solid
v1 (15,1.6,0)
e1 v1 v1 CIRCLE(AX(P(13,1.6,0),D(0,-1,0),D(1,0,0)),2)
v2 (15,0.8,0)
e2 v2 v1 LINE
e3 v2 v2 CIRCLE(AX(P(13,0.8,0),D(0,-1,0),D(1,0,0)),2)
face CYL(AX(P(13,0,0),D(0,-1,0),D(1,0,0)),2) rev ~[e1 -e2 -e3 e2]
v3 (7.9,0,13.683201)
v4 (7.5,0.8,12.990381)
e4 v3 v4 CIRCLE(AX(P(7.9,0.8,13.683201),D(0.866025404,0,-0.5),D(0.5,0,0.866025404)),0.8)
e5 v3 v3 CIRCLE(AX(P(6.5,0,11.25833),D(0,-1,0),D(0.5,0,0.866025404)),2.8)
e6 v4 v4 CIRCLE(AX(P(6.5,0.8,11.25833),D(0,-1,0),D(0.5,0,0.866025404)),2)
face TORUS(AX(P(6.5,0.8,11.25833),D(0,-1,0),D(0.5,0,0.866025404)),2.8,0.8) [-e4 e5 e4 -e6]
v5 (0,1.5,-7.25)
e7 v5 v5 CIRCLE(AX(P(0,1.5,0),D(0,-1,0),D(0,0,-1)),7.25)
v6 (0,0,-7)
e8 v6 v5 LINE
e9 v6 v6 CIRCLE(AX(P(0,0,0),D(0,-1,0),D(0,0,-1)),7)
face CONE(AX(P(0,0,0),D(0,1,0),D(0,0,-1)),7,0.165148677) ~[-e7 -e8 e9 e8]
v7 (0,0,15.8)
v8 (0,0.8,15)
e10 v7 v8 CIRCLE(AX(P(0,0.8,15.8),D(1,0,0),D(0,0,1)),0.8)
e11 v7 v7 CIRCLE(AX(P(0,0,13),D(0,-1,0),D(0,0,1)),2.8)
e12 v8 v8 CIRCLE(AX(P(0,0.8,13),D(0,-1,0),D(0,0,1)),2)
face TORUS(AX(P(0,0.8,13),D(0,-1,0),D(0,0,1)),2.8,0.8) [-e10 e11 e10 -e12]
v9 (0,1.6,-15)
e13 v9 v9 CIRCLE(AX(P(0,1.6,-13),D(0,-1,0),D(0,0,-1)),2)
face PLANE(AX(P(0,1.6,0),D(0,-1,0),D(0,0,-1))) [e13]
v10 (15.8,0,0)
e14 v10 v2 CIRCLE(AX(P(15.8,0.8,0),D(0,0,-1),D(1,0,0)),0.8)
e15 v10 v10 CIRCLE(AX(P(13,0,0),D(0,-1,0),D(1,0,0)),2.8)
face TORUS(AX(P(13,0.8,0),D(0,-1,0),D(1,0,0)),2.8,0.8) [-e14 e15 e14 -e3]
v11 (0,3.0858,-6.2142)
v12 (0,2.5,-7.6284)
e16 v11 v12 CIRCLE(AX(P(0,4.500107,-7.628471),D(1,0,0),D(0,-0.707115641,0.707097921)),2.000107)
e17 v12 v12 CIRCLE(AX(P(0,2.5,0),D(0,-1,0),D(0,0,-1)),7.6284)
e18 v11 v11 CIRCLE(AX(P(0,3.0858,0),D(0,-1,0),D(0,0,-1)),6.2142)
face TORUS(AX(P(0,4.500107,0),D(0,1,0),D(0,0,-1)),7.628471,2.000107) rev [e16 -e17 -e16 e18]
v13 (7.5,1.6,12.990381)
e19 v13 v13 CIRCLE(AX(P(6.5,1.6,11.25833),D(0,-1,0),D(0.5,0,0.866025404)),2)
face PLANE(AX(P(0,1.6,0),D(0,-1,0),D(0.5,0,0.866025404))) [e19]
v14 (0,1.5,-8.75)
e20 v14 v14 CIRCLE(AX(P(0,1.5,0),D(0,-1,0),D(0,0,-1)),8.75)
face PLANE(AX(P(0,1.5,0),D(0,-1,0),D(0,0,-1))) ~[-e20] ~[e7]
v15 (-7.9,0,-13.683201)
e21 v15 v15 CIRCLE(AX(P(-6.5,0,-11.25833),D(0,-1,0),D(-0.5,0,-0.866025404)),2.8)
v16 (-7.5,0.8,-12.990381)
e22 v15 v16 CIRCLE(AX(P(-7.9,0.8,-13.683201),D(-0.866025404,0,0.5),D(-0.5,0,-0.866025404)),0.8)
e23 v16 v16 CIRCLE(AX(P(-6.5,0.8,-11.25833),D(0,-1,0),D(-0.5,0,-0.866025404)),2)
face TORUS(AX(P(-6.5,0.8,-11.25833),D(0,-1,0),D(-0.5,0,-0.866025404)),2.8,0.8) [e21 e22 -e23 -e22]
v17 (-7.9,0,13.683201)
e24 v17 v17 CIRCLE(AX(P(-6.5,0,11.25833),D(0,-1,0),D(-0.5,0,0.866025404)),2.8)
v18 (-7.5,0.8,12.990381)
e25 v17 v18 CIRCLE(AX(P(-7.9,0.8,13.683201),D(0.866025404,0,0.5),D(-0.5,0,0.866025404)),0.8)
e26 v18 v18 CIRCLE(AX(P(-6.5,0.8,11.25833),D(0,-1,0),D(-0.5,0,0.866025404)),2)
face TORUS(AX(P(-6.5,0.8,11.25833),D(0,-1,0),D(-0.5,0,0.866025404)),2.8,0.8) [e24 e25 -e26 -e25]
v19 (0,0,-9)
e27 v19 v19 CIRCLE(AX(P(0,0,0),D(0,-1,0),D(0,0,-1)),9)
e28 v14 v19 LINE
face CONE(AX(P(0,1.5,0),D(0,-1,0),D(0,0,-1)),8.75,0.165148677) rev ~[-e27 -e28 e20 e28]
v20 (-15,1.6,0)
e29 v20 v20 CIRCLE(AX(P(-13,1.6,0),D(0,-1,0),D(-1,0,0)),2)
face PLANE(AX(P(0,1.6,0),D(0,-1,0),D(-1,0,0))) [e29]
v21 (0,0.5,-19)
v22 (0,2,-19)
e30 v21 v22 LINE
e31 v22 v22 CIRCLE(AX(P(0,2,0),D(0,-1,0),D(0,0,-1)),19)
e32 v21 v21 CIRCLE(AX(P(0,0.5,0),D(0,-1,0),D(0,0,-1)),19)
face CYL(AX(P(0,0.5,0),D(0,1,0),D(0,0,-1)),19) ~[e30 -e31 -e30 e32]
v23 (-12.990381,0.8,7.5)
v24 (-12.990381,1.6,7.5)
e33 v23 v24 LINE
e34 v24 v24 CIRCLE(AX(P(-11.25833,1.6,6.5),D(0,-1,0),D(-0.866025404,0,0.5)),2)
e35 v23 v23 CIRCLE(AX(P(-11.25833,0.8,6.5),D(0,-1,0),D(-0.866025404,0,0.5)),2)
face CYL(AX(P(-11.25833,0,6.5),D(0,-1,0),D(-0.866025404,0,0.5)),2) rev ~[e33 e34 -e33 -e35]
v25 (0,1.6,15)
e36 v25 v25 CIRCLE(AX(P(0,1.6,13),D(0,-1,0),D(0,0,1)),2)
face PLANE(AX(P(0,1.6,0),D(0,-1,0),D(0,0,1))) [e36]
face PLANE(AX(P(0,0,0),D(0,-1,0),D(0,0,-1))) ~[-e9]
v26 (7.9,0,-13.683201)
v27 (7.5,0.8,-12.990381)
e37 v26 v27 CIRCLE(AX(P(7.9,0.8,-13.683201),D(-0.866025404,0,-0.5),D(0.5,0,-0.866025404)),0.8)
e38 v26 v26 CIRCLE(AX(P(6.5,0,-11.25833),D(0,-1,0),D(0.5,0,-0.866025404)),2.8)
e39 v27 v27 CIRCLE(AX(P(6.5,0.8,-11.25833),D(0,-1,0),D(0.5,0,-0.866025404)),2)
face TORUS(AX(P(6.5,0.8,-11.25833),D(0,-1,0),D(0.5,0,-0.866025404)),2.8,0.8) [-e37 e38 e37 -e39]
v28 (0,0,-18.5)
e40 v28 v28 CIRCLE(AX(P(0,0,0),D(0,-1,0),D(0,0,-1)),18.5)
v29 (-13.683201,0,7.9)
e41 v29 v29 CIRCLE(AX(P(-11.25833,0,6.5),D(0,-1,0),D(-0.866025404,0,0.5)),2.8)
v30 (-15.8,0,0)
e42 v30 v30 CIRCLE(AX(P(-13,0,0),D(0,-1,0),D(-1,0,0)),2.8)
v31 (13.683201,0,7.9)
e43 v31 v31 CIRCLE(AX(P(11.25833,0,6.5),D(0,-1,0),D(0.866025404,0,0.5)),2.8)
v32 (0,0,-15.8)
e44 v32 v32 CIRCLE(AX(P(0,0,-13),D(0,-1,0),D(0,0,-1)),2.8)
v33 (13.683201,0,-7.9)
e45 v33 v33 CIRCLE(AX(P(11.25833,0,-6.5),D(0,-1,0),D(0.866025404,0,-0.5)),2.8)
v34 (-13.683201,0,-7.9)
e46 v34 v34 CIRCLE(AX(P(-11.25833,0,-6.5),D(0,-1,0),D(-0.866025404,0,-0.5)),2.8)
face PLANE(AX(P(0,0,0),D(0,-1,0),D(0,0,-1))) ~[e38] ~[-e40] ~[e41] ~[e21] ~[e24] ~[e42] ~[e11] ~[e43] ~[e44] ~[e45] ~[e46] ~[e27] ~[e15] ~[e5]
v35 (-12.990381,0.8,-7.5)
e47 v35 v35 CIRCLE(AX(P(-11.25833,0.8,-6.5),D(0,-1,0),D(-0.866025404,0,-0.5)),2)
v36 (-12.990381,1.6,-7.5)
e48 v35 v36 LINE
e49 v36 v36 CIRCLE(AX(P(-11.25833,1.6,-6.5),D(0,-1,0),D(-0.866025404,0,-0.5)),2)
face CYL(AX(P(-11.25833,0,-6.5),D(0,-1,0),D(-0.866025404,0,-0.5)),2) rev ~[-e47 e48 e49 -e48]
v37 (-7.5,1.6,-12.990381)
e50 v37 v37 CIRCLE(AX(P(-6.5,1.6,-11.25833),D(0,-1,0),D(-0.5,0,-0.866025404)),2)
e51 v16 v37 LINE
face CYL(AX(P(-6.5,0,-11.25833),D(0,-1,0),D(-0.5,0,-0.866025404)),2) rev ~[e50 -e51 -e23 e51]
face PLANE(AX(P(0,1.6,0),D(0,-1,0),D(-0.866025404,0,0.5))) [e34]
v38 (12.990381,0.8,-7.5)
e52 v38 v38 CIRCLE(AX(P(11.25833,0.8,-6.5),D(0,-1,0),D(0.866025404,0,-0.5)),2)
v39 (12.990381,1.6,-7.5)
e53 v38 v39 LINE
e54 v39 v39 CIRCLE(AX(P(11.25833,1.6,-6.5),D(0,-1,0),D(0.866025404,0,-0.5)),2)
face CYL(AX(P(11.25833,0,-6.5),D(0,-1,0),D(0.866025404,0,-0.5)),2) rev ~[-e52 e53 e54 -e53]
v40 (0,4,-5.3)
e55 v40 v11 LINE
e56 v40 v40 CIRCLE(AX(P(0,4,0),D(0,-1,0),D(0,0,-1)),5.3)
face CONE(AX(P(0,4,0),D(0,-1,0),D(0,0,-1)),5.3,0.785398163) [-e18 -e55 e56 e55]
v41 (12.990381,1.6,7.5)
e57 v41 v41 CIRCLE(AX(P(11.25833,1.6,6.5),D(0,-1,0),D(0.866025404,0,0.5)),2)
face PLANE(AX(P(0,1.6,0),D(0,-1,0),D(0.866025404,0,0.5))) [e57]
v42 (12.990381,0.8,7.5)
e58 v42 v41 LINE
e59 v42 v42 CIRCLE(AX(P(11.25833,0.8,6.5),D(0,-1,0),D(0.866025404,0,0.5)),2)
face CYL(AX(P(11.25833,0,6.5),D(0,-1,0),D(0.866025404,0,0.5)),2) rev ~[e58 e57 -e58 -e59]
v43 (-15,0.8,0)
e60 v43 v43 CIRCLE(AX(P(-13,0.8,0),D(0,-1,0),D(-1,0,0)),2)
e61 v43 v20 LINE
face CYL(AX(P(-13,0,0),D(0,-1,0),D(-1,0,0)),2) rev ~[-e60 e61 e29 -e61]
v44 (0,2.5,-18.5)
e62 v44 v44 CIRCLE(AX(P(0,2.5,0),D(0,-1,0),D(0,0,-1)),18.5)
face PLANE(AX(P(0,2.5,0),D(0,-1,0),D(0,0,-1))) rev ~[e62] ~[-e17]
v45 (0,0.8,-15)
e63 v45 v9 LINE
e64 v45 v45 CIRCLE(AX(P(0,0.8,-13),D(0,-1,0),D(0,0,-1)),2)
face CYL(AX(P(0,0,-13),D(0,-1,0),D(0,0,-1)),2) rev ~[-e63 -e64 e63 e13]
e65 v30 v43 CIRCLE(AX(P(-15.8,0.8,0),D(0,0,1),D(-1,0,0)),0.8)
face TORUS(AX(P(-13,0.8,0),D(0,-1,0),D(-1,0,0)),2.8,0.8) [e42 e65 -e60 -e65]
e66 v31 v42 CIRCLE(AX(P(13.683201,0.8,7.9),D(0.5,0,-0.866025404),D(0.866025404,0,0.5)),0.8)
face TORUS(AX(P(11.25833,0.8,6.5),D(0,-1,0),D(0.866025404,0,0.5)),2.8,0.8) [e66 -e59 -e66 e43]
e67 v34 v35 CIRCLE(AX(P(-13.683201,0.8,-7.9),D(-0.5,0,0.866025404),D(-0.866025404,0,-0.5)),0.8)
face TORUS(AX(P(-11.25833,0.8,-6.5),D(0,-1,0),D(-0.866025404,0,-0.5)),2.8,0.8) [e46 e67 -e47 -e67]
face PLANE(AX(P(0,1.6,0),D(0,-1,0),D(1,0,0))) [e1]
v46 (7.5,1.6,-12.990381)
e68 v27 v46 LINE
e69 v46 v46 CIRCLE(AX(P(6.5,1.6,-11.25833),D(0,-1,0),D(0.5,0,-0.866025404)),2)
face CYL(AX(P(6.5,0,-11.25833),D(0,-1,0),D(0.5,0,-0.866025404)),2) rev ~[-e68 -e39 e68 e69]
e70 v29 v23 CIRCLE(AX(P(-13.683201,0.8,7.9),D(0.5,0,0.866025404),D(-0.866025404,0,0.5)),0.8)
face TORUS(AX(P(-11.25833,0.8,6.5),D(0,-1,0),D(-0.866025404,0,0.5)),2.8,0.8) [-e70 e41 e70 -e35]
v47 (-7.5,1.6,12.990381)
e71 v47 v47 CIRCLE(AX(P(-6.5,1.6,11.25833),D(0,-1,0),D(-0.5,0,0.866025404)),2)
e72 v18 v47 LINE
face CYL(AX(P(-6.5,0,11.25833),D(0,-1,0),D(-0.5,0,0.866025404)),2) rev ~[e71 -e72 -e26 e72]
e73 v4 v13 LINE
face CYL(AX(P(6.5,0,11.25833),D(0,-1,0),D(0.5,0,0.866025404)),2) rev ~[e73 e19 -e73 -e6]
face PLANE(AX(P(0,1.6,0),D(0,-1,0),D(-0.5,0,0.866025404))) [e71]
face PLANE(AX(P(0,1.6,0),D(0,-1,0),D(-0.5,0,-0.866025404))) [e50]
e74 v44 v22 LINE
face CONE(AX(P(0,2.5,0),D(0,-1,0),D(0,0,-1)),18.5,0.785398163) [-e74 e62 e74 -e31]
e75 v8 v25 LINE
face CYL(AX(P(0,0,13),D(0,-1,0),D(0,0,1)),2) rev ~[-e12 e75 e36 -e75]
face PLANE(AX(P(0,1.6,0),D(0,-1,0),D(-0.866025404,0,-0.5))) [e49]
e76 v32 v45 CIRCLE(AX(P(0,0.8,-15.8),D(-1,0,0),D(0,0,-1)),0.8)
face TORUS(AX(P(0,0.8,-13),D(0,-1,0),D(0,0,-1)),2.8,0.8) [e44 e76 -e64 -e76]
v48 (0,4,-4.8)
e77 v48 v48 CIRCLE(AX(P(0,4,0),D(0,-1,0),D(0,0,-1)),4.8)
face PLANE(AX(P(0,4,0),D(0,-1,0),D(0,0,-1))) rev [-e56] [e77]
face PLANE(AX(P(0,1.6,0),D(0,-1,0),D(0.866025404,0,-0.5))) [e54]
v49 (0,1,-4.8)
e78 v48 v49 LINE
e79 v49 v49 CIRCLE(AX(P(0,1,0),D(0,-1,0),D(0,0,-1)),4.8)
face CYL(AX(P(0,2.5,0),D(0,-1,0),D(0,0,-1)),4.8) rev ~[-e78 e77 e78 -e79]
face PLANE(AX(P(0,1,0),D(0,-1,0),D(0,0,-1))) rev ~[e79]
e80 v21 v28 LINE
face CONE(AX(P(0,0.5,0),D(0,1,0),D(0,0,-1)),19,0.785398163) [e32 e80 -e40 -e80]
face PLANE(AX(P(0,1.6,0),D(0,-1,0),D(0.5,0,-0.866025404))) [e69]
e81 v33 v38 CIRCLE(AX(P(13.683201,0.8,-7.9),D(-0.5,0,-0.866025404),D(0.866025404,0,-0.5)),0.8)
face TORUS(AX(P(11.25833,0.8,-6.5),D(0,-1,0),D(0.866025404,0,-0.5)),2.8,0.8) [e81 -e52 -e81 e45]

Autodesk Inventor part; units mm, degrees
ref_plane "YZ Plane" through (0, 0, 0) normal (1, 0, 0) x (0, 1, 0)
ref_plane "XZ Plane" through (0, 0, 0) normal (0, 1, 0) x (-1, 0, 0)
ref_plane "XY Plane" through (0, 0, 0) normal (0, 0, 1) x (1, 0, 0)
sketch "Sketch1" plane through (0, 0, 0) normal (1, 0, 0) x (0, 1, 0)
  line L0 (0, 0) -> (0, -7)
  line L1 (0.5, -19) -> (2, -19)
  line L2 (2.5, -18.5) -> (2.5, -7.6284)
  line L3 (2.5, -4.8) -> (1, -4.8)
  line L4 (1, -4.8) -> (1, 0)
  line L5 (1, 0) -> (0, 0)
  line L6 (0.5, -19) -> (0, -18.5)
  line L7 (0, -7) -> (1.5, -7.25)
  line L8 (1.5, -7.25) -> (1.5, -8.75)
  line L9 (1.5, -8.75) -> (0, -9)
  line L10 (0, -7) -> (0, -9) construction
  line L11 (0, -9) -> (0, -18.5)
  line L12 (2.5, -4.8) -> (4, -4.8)
  line L13 (4, -4.8) -> (4, -5.3)
  line L14 (4, -5.3) -> (3.0858, -6.2142)
  line L15 (2.5, -6.8) -> (2.5, -4.8) construction
  arc A0 (3.0858, -6.2142) -> (2.5, -7.6284) centre (4.5, -7.6284) ccw
  line L16 (2.5, -18.5) -> (2, -19)
  point P0 (0, -19)
  point P1 (2.5, -19)
  point P2 (0, -8)
  dimension "d0" = 4.8
  dimension "d1" = 1.5
  dimension "d2" = 1
  dimension "d3" = 19
  dimension "d5" = 0.5
  dimension "d6" = 0.5
  dimension "d7" = 1.5
  dimension "d8" = 1.5
  dimension "d9" = 2
  dimension "d10" = 8
  dimension "d19" = 135
  dimension "d20" = 1.5
  dimension "d21" = 0.5
  dimension "d22" = 2
  dimension "d23" = 0.5
  dimension "d24" = 0.5
revolve "Revolution1" add sketch "Sketch1" angle 360 about axis through (0, 1, 0) along (0, -1, 0)
sketch "Sketch2" plane through (0, 0, 0) normal (0, -1, 0) x (1, 0, 0)
  line L0 (0, 0) -> (13, 0) construction
  circle A0 centre (13, 0) radius 2
  dimension "d11" = 13
  dimension "d12" = 4
extrude "Extrusion1" cut sketch "Sketch2" against normal blind 1.6
fillet "Fillet1" radius 0.8 1 edges at (11, 0, 0)
pattern_circular "Circular Pattern1" count 12 over 360 about axis through (0, 1.25, 0) along (0, -1, 0) of "Extrusion1", "Fillet1"
equation "\"d6\" = d5"
equation "\"d23\" = d5"
equation "\"d24\" = d23"
properties part number "ElectromagnetEnds"
